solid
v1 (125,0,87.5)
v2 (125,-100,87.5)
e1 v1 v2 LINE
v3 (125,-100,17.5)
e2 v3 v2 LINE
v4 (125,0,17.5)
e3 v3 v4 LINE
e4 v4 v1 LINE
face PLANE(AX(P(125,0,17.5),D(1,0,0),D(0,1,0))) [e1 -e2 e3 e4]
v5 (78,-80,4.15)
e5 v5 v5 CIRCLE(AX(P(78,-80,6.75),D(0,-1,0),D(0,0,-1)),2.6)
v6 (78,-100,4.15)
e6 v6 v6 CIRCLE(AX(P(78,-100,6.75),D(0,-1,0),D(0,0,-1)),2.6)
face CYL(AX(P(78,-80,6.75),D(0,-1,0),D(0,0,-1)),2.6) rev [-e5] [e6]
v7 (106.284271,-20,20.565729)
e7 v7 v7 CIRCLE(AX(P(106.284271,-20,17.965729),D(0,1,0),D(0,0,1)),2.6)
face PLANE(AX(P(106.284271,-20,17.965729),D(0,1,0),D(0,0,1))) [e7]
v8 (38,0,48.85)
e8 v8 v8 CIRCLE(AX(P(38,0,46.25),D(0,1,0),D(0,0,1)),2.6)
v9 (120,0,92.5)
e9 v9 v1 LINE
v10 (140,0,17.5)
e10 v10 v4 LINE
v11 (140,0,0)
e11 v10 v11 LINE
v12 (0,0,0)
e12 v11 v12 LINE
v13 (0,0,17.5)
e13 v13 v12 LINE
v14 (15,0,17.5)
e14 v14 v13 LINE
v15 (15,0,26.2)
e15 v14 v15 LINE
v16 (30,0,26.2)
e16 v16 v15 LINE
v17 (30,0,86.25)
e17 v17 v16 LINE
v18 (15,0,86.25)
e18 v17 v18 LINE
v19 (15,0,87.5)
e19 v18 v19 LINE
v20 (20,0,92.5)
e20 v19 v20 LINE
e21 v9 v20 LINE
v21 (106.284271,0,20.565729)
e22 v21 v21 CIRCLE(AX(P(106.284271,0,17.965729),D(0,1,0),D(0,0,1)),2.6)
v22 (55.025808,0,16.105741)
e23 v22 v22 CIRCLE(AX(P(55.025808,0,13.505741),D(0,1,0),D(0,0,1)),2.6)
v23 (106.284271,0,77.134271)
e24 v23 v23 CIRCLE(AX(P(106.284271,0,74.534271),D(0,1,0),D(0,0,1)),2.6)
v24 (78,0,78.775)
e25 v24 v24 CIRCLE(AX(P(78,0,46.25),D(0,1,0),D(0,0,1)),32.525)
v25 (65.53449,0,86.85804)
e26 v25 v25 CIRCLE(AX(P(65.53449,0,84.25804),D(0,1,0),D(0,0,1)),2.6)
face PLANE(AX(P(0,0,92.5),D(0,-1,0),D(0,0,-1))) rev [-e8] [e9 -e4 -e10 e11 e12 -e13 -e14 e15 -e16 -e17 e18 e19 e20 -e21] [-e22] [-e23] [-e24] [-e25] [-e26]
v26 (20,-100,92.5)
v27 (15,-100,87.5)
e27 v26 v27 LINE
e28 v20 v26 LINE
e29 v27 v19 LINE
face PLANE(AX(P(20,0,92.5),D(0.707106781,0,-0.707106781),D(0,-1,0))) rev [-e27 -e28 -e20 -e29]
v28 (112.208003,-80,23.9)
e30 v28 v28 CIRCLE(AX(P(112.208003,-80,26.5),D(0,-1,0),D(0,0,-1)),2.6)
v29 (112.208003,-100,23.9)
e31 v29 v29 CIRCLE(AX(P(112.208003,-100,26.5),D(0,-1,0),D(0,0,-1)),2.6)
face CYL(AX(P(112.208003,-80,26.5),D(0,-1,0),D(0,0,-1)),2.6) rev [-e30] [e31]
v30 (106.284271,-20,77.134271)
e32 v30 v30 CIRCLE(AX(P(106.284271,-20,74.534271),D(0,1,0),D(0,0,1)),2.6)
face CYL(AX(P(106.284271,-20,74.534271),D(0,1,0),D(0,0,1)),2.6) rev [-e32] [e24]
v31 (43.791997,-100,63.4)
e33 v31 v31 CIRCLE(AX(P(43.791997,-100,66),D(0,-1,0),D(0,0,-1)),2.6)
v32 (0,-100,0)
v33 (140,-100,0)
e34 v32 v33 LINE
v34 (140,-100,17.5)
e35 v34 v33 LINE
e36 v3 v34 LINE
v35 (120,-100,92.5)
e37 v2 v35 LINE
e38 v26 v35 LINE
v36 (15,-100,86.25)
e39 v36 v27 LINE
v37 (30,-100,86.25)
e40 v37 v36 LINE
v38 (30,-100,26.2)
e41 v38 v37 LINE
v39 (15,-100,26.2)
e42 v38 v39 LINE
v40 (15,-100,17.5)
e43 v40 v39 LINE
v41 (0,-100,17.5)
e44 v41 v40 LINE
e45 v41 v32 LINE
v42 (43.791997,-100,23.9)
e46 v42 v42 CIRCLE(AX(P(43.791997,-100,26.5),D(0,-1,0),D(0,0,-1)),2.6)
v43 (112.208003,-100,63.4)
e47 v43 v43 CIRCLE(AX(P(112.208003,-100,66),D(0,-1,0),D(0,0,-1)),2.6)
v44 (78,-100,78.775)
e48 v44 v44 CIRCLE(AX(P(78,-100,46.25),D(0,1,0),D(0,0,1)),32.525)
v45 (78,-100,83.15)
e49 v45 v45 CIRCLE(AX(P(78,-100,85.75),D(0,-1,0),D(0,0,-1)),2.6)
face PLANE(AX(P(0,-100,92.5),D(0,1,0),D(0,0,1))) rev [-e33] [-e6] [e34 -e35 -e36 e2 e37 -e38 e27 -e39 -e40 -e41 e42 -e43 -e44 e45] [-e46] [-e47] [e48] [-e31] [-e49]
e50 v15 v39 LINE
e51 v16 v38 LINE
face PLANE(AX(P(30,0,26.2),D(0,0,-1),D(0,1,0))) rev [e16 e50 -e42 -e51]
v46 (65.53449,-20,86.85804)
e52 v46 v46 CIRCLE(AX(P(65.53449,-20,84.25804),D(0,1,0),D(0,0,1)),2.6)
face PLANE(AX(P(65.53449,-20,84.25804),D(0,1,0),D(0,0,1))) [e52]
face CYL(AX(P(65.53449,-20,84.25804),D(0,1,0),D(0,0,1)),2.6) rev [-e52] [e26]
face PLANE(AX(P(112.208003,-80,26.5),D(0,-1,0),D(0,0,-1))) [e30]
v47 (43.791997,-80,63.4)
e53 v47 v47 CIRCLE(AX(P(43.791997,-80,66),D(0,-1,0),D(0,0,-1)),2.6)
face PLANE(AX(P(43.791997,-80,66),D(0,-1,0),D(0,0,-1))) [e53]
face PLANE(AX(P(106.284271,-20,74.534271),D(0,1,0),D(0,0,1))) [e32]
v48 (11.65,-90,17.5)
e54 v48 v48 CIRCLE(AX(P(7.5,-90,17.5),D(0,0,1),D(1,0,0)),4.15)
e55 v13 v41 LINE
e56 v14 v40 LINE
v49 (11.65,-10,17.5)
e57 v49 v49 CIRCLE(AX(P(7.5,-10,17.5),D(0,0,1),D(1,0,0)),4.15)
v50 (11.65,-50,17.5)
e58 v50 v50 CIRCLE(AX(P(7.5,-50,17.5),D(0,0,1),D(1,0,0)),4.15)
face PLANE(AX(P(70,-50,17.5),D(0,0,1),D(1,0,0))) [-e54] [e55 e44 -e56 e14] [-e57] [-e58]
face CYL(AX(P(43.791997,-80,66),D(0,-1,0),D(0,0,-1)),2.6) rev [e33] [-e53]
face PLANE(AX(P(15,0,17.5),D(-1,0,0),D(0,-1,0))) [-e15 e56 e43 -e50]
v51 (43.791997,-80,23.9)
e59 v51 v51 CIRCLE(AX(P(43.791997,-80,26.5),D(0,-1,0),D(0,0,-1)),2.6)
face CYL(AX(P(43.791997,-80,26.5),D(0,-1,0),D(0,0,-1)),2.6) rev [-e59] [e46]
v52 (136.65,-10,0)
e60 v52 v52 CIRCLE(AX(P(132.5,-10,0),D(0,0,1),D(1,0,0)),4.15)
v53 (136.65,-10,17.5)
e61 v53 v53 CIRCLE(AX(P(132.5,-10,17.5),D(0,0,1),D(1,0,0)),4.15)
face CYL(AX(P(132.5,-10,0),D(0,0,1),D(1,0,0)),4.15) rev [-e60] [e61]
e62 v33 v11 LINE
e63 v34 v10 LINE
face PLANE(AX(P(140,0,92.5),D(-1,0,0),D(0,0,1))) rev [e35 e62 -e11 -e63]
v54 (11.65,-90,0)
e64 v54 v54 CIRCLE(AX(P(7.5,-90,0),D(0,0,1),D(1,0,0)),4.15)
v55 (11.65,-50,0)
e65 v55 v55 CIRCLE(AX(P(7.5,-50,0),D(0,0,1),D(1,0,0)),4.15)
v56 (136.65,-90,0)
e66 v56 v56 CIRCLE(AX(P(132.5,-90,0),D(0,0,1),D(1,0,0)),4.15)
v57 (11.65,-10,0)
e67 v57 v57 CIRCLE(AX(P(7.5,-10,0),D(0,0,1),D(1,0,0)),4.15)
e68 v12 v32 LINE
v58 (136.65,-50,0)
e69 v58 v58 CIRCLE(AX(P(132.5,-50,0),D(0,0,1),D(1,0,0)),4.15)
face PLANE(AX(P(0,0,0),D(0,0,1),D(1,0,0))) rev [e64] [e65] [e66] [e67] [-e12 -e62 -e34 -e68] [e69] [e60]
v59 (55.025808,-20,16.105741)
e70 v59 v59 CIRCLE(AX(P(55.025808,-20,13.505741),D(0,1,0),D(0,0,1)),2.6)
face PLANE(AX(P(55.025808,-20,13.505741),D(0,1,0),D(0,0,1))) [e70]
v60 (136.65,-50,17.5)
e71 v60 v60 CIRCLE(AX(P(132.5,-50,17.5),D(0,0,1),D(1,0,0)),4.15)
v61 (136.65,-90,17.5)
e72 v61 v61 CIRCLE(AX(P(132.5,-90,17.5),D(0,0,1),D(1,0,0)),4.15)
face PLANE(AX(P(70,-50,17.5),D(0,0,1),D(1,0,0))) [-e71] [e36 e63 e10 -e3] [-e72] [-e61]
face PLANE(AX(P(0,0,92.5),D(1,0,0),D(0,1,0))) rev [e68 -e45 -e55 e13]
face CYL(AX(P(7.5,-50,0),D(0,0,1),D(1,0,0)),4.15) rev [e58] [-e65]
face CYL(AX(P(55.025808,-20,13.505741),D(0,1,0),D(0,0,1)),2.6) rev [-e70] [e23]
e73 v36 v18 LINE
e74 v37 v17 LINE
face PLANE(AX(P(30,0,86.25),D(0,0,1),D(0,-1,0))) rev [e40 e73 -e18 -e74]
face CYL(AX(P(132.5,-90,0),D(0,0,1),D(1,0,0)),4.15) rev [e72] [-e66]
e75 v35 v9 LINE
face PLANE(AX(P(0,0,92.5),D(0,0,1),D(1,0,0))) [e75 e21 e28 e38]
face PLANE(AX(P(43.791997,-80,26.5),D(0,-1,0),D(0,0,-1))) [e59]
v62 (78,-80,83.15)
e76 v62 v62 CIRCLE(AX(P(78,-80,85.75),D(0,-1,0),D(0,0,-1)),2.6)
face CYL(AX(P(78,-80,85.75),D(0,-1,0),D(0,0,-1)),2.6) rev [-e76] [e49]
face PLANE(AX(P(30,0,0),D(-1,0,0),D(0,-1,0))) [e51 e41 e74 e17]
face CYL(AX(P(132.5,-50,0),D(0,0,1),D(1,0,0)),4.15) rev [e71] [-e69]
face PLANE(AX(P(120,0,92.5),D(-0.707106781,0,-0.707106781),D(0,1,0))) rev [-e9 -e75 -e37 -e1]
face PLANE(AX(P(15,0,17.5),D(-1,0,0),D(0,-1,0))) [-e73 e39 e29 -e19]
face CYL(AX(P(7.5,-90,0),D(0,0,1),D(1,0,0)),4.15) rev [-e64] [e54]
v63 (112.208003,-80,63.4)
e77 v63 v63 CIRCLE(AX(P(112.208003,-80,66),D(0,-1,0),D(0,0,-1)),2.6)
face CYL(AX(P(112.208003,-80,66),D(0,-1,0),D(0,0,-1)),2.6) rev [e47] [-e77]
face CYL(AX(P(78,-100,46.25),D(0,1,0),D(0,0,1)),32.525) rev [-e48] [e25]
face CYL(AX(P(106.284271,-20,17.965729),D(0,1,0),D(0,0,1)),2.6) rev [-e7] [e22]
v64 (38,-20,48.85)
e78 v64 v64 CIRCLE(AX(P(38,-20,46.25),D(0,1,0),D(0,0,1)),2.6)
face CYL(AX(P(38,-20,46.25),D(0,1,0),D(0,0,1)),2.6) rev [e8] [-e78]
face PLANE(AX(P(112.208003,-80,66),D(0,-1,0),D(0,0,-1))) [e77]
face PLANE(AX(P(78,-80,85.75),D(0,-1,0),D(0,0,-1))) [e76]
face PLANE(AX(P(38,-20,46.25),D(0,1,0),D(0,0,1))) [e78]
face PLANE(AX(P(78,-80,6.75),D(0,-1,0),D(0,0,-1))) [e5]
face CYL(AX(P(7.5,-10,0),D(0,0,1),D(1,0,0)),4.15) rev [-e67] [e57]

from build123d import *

# Parameters (mm, degrees)
SKETCH_1_W           = 140
SKETCH_1_H           = 100
EXTRUDE_1_DEPTH      = 92.5
SKETCH_2_R           = 32.525
CUT_EXTRUDE_1_DEPTH  = 101
SKETCH_3_OUTSIDE_W   = 181.068
SKETCH_3_OUTSIDE_H   = 141.068
SKETCH_3_OUTSIDE_W_2 = 110
SKETCH_3_OUTSIDE_H_2 = 100
CUT_EXTRUDE_2_DEPTH  = 75
SKETCH_5_W           = 60.05
SKETCH_5_H           = 100
CUT_EXTRUDE_3_DEPTH  = 15
CHAMFER_2_SIZE       = 5
SKETCH_6_R           = 2.6
CUT_EXTRUDE_4_DEPTH  = 20
SKETCH_9_R           = 4.15
CUT_EXTRUDE_5_DEPTH  = 18.5
SKETCH_10_R          = 2.6
CUT_EXTRUDE_6_DEPTH  = 20


with BuildPart() as part:
    # 草图1 → 凸台-拉伸1 (new body)
    with BuildSketch(Plane.XY):
        with Locations((70, -50)):
            Rectangle(SKETCH_1_W, SKETCH_1_H)
    extrude(amount=EXTRUDE_1_DEPTH)

    # 草图2 → 切除-拉伸1 (cut, through all)
    with BuildSketch(Plane(origin=(0, 0, 0), x_dir=(1, 0, 0), z_dir=(0, 1, 0))):
        with Locations((78, -46.25)):
            Circle(SKETCH_2_R)
    extrude(amount=-CUT_EXTRUDE_1_DEPTH, mode=Mode.SUBTRACT)

    # 草图3 outside → 切除-拉伸2 (cut)
    with BuildSketch(Plane.XY.offset(92.5)):
        with Locations((70, -50)):
            Rectangle(SKETCH_3_OUTSIDE_W, SKETCH_3_OUTSIDE_H)
        with Locations((70, -50)):
            Rectangle(SKETCH_3_OUTSIDE_W_2, SKETCH_3_OUTSIDE_H_2, mode=Mode.SUBTRACT)
    extrude(amount=-CUT_EXTRUDE_2_DEPTH, mode=Mode.SUBTRACT)

    # 草图5 → 切除-拉伸3 (cut)
    with BuildSketch(Plane.ZY.offset(-15)):
        with Locations((56.225, -50)):
            Rectangle(SKETCH_5_W, SKETCH_5_H)
    extrude(amount=-CUT_EXTRUDE_3_DEPTH, mode=Mode.SUBTRACT)

    # 倒角2
    chamfer_2_edges = [part.edges().sort_by_distance(p)[0] for p in [
        (15, -50, 92.5),
        (125, -50, 92.5),
    ]]
    chamfer(chamfer_2_edges, length=CHAMFER_2_SIZE)

    # 草图6 → 切除-拉伸4 (cut)
    with BuildSketch(Plane.XZ.offset(100)):
        with Locations((78, 85.75)):
            Circle(SKETCH_6_R)
        with Locations((112.208003449, 66)):
            Circle(SKETCH_6_R)
        with Locations((112.208003449, 26.5)):
            Circle(SKETCH_6_R)
        with Locations((78, 6.75)):
            Circle(SKETCH_6_R)
        with Locations((43.791996551, 26.5)):
            Circle(SKETCH_6_R)
        with Locations((43.791996551, 66)):
            Circle(SKETCH_6_R)
    extrude(amount=-CUT_EXTRUDE_4_DEPTH, mode=Mode.SUBTRACT)

    # 草图9 → 切除-拉伸5 (cut, through all)
    with BuildSketch(Plane.XY.offset(17.5)):
        with Locations((7.5, -10)):
            Circle(SKETCH_9_R)
        with Locations((132.5, -10)):
            Circle(SKETCH_9_R)
        with Locations((132.5, -50)):
            Circle(SKETCH_9_R)
        with Locations((132.5, -90)):
            Circle(SKETCH_9_R)
        with Locations((7.5, -50)):
            Circle(SKETCH_9_R)
        with Locations((7.5, -90)):
            Circle(SKETCH_9_R)
    extrude(amount=-CUT_EXTRUDE_5_DEPTH, mode=Mode.SUBTRACT)

    # 草图10 → 切除-拉伸6 (cut)
    with BuildSketch(Plane(origin=(0, 0, 0), x_dir=(1, 0, 0), z_dir=(0, 1, 0))):
        with Locations((106.284271247, -17.965728753)):
            Circle(SKETCH_10_R)
        with Locations((106.284271247, -74.534271247)):
            Circle(SKETCH_10_R)
        with Locations((38, -46.25)):
            Circle(SKETCH_10_R)
        with Locations((65.534490363, -84.258039538)):
            Circle(SKETCH_10_R)
        with Locations((55.025808003, -13.505740929)):
            Circle(SKETCH_10_R)
    extrude(amount=-CUT_EXTRUDE_6_DEPTH, mode=Mode.SUBTRACT)


solid = part.part
